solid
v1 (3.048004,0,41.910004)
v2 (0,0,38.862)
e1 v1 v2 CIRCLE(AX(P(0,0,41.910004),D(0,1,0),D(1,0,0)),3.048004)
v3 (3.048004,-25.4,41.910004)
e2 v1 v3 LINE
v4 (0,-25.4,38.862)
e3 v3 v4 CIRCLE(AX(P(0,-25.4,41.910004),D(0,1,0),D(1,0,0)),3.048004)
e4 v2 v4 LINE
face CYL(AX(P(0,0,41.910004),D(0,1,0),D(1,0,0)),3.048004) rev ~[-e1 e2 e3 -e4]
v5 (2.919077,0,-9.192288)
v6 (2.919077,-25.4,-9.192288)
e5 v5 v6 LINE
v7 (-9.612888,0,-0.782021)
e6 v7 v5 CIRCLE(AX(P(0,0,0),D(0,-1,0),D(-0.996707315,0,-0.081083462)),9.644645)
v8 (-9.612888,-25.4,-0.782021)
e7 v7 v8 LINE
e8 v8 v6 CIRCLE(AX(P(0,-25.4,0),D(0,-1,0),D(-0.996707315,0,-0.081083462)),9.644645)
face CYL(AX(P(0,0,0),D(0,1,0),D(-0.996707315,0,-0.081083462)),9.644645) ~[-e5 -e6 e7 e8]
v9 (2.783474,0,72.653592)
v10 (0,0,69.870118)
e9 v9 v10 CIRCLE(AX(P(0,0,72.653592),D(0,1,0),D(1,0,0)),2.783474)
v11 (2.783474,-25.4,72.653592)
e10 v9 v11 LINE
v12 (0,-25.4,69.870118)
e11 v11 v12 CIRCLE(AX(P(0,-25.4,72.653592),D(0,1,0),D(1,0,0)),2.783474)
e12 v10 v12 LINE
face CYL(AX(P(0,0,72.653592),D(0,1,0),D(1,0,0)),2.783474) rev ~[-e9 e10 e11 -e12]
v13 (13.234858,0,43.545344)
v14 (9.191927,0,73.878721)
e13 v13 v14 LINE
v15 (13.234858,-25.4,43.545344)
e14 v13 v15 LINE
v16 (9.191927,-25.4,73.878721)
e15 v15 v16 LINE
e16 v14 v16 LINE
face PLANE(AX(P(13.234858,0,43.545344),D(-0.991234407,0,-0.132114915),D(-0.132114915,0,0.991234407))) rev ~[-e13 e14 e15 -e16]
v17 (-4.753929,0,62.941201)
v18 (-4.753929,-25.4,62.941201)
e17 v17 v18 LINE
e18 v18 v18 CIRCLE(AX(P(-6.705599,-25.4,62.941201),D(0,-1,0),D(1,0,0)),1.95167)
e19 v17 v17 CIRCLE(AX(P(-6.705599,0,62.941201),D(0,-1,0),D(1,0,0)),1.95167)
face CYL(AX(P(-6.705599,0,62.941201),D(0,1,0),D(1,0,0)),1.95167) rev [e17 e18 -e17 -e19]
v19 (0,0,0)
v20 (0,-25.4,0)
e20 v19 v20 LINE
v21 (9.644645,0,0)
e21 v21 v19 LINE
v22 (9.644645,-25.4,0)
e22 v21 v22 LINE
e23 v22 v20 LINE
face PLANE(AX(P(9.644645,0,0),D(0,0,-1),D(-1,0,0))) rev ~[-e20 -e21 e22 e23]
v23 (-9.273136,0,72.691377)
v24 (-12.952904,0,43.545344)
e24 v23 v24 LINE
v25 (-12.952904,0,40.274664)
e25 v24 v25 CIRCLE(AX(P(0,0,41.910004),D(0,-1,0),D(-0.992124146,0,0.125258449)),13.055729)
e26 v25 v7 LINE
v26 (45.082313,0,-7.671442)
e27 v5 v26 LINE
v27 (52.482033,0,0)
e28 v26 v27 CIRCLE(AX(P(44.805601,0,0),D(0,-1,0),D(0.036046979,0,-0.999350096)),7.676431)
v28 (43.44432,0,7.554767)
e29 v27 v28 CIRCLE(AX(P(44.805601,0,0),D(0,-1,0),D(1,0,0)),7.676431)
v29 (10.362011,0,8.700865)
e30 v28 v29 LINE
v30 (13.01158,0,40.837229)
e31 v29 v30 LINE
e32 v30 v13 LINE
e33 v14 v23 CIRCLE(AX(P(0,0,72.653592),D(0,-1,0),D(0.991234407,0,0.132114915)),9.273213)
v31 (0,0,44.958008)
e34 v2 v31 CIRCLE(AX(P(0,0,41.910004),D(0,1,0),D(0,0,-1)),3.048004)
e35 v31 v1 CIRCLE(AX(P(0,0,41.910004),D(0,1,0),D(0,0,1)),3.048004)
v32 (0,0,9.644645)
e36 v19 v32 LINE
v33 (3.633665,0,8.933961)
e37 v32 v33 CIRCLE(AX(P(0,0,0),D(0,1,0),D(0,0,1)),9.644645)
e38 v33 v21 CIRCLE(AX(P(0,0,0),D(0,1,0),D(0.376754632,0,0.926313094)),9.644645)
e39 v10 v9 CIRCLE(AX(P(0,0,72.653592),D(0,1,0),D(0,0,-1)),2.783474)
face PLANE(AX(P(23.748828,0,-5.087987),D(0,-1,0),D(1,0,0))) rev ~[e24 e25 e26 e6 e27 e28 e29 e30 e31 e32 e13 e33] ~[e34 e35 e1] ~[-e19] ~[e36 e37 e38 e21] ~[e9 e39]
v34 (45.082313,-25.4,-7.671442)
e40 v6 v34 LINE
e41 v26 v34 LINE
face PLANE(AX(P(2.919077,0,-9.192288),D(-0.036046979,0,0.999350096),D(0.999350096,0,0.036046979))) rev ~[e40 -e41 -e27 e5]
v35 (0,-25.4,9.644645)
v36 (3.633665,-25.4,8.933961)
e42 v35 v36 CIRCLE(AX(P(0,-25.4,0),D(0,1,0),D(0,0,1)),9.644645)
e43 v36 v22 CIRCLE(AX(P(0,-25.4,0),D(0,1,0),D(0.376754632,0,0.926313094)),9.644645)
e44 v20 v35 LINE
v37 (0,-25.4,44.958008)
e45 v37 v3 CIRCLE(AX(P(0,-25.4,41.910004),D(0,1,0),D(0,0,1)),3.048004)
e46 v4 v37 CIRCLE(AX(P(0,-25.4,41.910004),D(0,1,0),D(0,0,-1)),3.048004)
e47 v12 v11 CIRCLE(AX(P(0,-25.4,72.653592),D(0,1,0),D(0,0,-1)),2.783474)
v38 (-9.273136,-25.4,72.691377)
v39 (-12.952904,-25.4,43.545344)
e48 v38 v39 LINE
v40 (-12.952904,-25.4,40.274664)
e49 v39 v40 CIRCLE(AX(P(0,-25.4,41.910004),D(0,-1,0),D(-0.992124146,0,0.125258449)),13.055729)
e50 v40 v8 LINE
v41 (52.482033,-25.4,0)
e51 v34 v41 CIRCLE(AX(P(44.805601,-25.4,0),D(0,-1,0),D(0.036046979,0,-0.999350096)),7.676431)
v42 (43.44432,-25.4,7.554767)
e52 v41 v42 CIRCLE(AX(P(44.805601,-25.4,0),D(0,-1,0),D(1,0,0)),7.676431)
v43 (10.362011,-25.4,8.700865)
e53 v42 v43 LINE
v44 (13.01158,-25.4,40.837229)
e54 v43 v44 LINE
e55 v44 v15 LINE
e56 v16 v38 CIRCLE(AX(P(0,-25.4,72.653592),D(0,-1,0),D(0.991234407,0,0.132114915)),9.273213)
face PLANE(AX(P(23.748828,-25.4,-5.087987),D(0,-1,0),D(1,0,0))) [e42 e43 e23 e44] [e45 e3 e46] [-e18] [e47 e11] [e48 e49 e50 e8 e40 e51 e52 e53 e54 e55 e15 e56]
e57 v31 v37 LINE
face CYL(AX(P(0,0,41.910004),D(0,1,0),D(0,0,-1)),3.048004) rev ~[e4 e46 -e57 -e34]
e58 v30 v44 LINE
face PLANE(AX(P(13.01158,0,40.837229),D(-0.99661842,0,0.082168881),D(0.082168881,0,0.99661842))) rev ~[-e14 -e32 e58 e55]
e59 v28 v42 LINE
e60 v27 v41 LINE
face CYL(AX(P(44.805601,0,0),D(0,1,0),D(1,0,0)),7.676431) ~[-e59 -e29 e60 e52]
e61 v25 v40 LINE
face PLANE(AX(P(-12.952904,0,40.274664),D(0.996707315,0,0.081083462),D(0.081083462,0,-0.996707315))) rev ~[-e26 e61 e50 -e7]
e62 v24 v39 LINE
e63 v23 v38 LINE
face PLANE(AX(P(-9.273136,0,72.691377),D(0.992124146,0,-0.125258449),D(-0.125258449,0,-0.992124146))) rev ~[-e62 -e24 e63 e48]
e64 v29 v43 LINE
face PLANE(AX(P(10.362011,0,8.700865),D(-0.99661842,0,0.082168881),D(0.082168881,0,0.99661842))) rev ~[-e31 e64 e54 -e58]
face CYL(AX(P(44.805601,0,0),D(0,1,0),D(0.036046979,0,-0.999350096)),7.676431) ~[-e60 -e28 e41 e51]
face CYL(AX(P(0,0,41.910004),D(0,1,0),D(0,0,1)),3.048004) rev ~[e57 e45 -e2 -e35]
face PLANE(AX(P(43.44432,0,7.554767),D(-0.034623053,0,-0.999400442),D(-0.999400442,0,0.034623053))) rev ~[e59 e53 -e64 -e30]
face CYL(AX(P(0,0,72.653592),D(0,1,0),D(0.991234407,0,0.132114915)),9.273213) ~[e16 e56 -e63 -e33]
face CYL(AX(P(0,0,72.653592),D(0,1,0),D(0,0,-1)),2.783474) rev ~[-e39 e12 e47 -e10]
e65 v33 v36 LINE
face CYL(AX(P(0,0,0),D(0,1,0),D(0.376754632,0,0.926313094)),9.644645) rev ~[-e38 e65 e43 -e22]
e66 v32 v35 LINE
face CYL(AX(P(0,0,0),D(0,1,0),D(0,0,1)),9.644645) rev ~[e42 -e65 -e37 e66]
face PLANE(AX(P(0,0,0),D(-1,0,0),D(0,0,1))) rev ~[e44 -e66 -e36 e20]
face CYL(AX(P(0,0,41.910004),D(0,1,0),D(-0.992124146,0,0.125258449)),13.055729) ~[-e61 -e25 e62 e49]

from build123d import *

# Parameters (mm, degrees)
F0_R     = 1.9516701111
F1_DEPTH = 25.4


with BuildPart() as f1:
    # F0 (on Front) → F1 (new body)
    with BuildSketch(Plane.XZ):
        with BuildLine():
            Line((37.1291698426, 0), (9.6446448501, 0))
            ThreePointArc((9.6446448501, 0), (7.7837214573, -5.6949850359), (2.9190774365, -9.1922881376))
            Line((2.9190774365, -9.1922881376), (45.0823133999, -7.6714424568))
            ThreePointArc((45.0823133999, -7.6714424568), (39.4762749652, -5.5250231179), (37.1291698426, 0))
        make_face()
        with BuildLine():
            ThreePointArc((2.9190774365, -9.1922881376), (7.7837214573, -5.6949850359), (9.6446448501, 0))
            Line((9.6446448501, 0), (0, 0))
            Line((0, 0), (0, 9.6446448501))
            ThreePointArc((0, 9.6446448501), (-7.0908917262, 6.5374634846), (-9.6128880749, -0.7820211918))
            ThreePointArc((-9.6128880749, -0.7820211918), (-5.3744695311, -8.0083863258), (2.9190774365, -9.1922881376))
        make_face()
        with BuildLine():
            Line((10.3620110353, 8.700865159), (9.6446448501, 0))
            Line((9.6446448501, 0), (37.1291698426, 0))
            ThreePointArc((37.1291698426, 0), (38.9158905919, 4.9233024971), (43.4443197411, 7.5547674796))
            Line((43.4443197411, 7.5547674796), (10.3620110353, 8.700865159))
        make_face()
        with BuildLine():
            ThreePointArc((3.6336646195, 8.9339608079), (8.0020178406, 5.3839469502), (9.6446448501, 0))
            Line((9.6446448501, 0), (10.3620110353, 8.700865159))
            Line((10.3620110353, 8.700865159), (3.6336646195, 8.9339608079))
        make_face()
        with BuildLine():
            ThreePointArc((0, 9.6446448501), (1.8512556803, 9.4653064763), (3.6336646195, 8.9339608079))
            Line((3.6336646195, 8.9339608079), (10.3620110353, 8.700865159))
            Line((10.3620110353, 8.700865159), (13.0115798458, 40.8372292964))
            ThreePointArc((13.0115798458, 40.8372292964), (8.8443824383, 32.3064131539), (0, 28.8542750373))
            Line((0, 28.8542750373), (0, 9.6446448501))
        make_face()
        with BuildLine():
            ThreePointArc((43.4443197411, 7.5547674796), (38.9158905919, 4.9233024971), (37.1291698426, 0))
            ThreePointArc((37.1291698426, 0), (39.4762749652, -5.5250231179), (45.0823133999, -7.6714424568))
            ThreePointArc((45.0823133999, -7.6714424568), (50.3306243571, -5.329326274), (52.4820326358, 0))
            ThreePointArc((52.4820326358, 0), (49.7289037363, 5.8897106473), (43.4443197411, 7.5547674796))
        make_face()
        with BuildLine():
            ThreePointArc((-9.6128880749, -0.7820211918), (-7.0908917262, 6.5374634846), (0, 9.6446448501))
            Line((0, 9.6446448501), (0, 28.8542750373))
            ThreePointArc((0, 28.8542750373), (-8.6342774846, 32.1170825655), (-12.9529038192, 40.2746635322))
            Line((-12.9529038192, 40.2746635322), (-9.6128880749, -0.7820211918))
        make_face()
        with BuildLine():
            ThreePointArc((0, 28.8542750373), (8.8443824383, 32.3064131539), (13.0115798458, 40.8372292964))
            ThreePointArc((13.0115798458, 40.8372292964), (13.0446869171, 41.3731625486), (13.0557288334, 41.9100038707))
            ThreePointArc((13.0557288334, 41.9100038707), (9.2317943914, 51.1417982622), (0, 54.9657327041))
            Line((0, 54.9657327041), (0, 44.9580078945))
            ThreePointArc((0, 44.9580078945), (2.1552643143, 44.065268185), (3.0480040237, 41.9100038707))
            ThreePointArc((3.0480040237, 41.9100038707), (2.1552643143, 39.7547395565), (0, 38.861999847))
            Line((0, 38.861999847), (0, 28.8542750373))
        make_face()
        with BuildLine():
            ThreePointArc((13.0557288334, 41.9100038707), (13.0446869171, 41.3731625486), (13.0115798458, 40.8372292964))
            Line((13.0115798458, 40.8372292964), (13.2348576497, 43.5453442093))
            Line((13.2348576497, 43.5453442093), (9.1919274586, 73.8787212154))
            ThreePointArc((9.1919274586, 73.8787212154), (9.2528690506, 73.2675031682), (9.2732126679, 72.6535915165))
            ThreePointArc((9.2732126679, 72.6535915165), (6.5571515608, 66.0964399557), (0, 63.3803788486))
            Line((0, 63.3803788486), (0, 54.9657327041))
            ThreePointArc((0, 54.9657327041), (9.2317943914, 51.1417982622), (13.0557288334, 41.9100038707))
        make_face()
        with BuildLine():
            ThreePointArc((-12.9529038192, 40.2746635322), (-8.6342774846, 32.1170825655), (0, 28.8542750373))
            Line((0, 28.8542750373), (0, 38.861999847))
            ThreePointArc((0, 38.861999847), (-3.0480040237, 41.9100038707), (0, 44.9580078945))
            Line((0, 44.9580078945), (0, 54.9657327041))
            ThreePointArc((0, 54.9657327041), (-8.6342774846, 51.702925176), (-12.9529038192, 43.5453442093))
            ThreePointArc((-12.9529038192, 43.5453442093), (-13.0557288334, 41.9100038707), (-12.9529038192, 40.2746635322))
        make_face()
        with BuildLine():
            Line((-9.2731356865, 72.6913767354), (-12.9529038192, 43.5453442093))
            ThreePointArc((-12.9529038192, 43.5453442093), (-8.6342774846, 51.702925176), (0, 54.9657327041))
            Line((0, 54.9657327041), (0, 63.3803788486))
            ThreePointArc((0, 63.3803788486), (-6.5704970723, 66.1098126842), (-9.2731356865, 72.6913767354))
        make_face()
        with Locations((-6.7055993713, 62.9412010312)):
            Circle(F0_R, mode=Mode.SUBTRACT)
        with BuildLine():
            ThreePointArc((9.2732126679, 72.6535915165), (9.2528690506, 73.2675031682), (9.1919274586, 73.8787212154))
            ThreePointArc((9.1919274586, 73.8787212154), (-0.5950591757, 81.9076921082), (-9.2731356865, 72.6913767354))
            ThreePointArc((-9.2731356865, 72.6913767354), (-6.5704970723, 66.1098126842), (0, 63.3803788486))
            ThreePointArc((0, 63.3803788486), (6.5571515608, 66.0964399557), (9.2732126679, 72.6535915165))
        make_face()
        with BuildLine():
            ThreePointArc((2.7834737535, 72.6535915165), (1.9682131664, 70.6853783502), (0, 69.870117763))
            ThreePointArc((0, 69.870117763), (-1.9682131664, 74.6218046829), (2.7834737535, 72.6535915165))
        make_face(mode=Mode.SUBTRACT)
    extrude(amount=F1_DEPTH)


solid = f1.part
